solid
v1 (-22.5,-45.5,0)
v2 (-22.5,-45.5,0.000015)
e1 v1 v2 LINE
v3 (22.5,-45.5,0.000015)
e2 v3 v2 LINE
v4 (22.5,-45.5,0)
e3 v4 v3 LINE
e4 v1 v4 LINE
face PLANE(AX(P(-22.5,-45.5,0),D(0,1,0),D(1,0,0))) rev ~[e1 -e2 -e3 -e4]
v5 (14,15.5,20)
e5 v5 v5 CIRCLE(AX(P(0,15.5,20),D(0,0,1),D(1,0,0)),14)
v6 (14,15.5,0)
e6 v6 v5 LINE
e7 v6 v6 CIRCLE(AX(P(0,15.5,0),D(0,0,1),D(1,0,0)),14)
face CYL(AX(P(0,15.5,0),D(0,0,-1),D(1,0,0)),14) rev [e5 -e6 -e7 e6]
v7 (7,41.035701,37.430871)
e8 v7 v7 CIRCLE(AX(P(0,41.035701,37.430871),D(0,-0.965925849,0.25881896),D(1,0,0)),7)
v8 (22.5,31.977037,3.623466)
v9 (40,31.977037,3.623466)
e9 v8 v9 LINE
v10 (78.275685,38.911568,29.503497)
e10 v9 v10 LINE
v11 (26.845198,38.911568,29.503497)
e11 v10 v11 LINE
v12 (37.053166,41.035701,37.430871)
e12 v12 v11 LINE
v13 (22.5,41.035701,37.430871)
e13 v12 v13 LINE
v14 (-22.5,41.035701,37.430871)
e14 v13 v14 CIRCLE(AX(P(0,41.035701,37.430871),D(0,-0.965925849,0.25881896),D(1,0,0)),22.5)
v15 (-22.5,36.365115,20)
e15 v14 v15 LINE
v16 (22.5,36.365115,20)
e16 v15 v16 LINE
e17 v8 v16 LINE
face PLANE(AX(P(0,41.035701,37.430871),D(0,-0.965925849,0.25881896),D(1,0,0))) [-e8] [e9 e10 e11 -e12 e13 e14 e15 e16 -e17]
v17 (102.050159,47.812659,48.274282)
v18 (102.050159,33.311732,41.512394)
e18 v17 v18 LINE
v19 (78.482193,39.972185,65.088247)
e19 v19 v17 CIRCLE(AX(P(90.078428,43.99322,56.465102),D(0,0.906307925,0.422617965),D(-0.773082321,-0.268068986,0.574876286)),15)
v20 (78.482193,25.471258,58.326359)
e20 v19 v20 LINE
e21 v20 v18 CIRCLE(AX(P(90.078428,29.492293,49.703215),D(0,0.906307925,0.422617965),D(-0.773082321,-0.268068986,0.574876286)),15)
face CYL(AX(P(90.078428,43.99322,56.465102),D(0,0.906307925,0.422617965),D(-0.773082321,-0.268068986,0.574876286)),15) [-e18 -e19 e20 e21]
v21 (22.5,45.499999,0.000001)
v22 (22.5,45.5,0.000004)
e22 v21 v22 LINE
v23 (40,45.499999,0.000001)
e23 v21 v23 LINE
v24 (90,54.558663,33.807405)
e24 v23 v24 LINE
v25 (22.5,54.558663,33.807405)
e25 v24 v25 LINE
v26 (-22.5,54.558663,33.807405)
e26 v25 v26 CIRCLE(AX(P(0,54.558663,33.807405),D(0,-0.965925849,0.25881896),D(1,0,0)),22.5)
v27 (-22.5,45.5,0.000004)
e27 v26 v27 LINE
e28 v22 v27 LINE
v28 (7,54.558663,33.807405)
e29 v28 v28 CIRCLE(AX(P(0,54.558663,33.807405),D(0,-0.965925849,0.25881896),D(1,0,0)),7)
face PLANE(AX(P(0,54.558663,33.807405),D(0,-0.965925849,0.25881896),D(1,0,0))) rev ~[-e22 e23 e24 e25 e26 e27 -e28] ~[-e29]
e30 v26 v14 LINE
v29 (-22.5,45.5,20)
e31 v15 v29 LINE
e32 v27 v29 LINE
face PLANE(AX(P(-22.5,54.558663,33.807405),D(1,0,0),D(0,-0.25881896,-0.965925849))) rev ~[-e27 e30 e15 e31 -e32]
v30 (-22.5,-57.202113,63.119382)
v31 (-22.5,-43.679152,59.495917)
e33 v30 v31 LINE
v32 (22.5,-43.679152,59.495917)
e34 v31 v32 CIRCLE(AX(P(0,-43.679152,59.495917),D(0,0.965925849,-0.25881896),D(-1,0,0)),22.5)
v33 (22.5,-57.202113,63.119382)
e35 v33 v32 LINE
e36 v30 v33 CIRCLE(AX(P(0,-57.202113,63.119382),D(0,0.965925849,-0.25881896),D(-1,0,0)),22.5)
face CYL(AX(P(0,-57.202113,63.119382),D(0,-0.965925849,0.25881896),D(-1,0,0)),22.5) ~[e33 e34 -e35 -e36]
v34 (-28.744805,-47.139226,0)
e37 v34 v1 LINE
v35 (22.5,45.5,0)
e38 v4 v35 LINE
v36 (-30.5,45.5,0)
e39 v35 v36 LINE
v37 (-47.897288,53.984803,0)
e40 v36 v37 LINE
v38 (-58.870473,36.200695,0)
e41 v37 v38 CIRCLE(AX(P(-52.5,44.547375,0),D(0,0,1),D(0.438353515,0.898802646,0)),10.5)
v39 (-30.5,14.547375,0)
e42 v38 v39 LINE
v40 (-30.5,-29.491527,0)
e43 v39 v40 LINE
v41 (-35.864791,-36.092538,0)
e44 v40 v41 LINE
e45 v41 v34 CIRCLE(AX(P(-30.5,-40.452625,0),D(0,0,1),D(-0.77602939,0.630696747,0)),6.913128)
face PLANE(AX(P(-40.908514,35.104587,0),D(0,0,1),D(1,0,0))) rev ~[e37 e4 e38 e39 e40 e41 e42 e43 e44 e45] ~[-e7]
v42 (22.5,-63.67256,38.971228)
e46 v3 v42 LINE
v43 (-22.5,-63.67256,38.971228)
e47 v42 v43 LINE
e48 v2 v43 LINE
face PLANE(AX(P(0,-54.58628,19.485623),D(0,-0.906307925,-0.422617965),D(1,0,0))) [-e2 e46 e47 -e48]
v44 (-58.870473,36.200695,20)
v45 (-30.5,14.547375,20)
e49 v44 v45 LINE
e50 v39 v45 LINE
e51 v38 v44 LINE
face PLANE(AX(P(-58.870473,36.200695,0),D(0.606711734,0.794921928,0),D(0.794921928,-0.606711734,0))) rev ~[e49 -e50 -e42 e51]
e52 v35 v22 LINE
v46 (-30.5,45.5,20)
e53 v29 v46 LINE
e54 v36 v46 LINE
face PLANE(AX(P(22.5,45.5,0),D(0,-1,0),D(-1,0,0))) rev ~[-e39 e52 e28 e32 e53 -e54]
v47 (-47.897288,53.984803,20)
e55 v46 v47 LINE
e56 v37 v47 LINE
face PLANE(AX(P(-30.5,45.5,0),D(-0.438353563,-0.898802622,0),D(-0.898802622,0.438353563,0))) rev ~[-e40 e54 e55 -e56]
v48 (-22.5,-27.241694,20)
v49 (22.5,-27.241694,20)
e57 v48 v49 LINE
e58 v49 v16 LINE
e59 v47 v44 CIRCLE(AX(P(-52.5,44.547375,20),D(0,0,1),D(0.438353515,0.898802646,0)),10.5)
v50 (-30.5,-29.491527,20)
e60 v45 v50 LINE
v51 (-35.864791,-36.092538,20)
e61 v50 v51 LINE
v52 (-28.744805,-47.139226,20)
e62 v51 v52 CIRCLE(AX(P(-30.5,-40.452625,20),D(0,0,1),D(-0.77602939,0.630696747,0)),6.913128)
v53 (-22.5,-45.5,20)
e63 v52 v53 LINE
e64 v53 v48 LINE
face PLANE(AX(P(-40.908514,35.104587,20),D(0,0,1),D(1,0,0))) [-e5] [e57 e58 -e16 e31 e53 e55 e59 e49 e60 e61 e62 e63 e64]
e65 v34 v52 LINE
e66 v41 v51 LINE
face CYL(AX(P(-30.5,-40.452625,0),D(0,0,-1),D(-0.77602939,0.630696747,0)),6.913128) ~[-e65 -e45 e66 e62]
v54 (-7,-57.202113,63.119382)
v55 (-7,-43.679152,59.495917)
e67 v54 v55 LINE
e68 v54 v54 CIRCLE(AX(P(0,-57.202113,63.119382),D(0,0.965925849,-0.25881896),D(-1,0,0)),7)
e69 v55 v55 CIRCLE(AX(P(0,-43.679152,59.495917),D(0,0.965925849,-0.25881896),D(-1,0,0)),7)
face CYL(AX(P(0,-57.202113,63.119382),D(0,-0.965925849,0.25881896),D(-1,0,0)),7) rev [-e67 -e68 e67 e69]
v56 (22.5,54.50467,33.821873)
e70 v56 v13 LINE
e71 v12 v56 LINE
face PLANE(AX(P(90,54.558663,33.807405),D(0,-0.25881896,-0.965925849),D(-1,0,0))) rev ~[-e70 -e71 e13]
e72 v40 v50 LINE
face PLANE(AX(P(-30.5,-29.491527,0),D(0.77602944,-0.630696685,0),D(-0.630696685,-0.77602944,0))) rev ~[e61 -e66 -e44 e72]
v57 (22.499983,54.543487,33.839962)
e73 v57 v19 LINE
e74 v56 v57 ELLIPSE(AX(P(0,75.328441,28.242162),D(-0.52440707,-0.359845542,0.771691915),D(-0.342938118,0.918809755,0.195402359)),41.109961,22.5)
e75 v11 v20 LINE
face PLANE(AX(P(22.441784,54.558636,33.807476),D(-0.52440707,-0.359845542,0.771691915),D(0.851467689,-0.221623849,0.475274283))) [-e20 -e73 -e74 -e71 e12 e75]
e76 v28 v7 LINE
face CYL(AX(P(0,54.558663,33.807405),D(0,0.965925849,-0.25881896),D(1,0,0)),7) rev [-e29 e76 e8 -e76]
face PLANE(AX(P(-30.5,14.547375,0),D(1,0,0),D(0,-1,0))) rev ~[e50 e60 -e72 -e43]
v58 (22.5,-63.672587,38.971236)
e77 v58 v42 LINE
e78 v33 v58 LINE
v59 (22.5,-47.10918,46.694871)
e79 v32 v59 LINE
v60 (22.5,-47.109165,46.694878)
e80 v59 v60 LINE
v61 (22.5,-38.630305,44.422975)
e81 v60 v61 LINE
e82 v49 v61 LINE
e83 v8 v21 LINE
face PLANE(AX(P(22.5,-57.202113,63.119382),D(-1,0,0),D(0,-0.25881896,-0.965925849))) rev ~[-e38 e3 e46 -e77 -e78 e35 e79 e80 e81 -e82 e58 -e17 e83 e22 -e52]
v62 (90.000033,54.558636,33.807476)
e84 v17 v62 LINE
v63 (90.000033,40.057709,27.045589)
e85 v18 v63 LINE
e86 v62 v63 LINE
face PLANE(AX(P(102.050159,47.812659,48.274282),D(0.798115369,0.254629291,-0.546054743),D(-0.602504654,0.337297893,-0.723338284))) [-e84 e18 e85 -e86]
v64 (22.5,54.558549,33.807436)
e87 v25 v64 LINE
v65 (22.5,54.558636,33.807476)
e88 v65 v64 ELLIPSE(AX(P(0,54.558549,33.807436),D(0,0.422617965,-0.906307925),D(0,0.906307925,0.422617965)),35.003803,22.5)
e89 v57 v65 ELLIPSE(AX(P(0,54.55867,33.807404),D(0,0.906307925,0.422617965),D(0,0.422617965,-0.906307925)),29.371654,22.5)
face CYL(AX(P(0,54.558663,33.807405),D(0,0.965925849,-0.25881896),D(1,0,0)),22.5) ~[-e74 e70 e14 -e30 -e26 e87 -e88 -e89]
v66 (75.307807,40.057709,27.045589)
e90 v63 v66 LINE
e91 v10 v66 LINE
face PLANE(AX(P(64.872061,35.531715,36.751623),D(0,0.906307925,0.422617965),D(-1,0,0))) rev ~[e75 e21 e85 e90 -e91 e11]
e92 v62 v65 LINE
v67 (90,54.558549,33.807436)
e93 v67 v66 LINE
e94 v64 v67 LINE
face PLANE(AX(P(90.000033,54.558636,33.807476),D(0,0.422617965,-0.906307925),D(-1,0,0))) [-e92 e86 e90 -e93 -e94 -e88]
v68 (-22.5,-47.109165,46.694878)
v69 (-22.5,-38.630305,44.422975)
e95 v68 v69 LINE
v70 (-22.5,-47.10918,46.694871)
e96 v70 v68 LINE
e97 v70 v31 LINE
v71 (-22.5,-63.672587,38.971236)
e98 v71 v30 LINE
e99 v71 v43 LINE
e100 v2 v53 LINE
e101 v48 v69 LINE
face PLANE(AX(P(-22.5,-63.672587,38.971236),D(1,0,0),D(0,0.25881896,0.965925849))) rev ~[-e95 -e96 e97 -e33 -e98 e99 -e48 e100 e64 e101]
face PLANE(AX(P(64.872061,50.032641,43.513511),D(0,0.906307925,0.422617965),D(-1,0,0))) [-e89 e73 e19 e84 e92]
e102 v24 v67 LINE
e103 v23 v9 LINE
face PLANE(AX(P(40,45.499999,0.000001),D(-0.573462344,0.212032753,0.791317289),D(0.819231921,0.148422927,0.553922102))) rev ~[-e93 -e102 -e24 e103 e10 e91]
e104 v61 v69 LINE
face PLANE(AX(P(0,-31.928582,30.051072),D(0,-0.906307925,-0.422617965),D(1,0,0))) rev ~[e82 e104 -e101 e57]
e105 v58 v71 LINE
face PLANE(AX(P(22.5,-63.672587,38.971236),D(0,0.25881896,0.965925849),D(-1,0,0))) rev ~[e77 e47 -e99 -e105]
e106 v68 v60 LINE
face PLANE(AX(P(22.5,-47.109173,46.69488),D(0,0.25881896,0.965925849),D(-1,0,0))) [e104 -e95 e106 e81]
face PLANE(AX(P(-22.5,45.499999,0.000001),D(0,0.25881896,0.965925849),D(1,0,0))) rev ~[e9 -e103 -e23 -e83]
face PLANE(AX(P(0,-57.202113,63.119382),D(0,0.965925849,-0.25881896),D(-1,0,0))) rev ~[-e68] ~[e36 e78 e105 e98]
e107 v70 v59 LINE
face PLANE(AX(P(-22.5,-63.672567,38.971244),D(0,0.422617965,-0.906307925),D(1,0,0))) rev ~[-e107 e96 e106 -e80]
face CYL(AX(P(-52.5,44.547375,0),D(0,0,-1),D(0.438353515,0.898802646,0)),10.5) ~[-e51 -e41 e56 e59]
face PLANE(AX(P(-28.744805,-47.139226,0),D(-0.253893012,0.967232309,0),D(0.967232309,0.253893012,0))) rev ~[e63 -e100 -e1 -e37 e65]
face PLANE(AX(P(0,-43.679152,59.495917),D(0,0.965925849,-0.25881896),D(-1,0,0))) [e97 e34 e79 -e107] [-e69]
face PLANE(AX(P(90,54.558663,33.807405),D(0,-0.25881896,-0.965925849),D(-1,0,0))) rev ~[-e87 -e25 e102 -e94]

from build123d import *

# Parameters (mm, degrees)
F0_W       = 45
F0_H       = 91
F0_R       = 14
F1_DEPTH   = 20
F3_R       = 7
F4_DEPTH   = 14
F7_DEPTH   = 16
F9_W       = 45
F9_H       = 43
F10_DEPTH  = 25
F12_R      = 7
F13_DEPTH  = 14
F13_FACE_R = 7
F14_DEPTH  = 15.248435


with BuildPart() as f1:
    # F0 (on Top) → F1 (new body)
    with BuildSketch(Plane.XY):
        with BuildLine():
            Line((-30.5, 14.547375), (-30.5, 45.5))
            Line((-30.5, 45.5), (-47.897288, 53.984803))
            ThreePointArc((-47.897288, 53.984803), (-43.595549, 50.111615), (-42, 44.547375))
            ThreePointArc((-42, 44.547375), (-47.84382, 35.136212), (-58.870473, 36.200695))
            Line((-58.870473, 36.200695), (-30.5, 14.547375))
        make_face()
        with BuildLine():
            ThreePointArc((-42, 44.547375), (-43.595549, 50.111615), (-47.897288, 53.984803))
            ThreePointArc((-47.897288, 53.984803), (-61.435875, 50.061007), (-58.870473, 36.200695))
            ThreePointArc((-58.870473, 36.200695), (-47.84382, 35.136212), (-42, 44.547375))
        make_face()
        Rectangle(F0_W, F0_H)
        with Locations((0, 15.5)):
            Circle(F0_R, mode=Mode.SUBTRACT)
        with BuildLine():
            Line((-22.5, -45.5), (-22.5, 45.5))
            Line((-22.5, 45.5), (-30.5, 45.5))
            Line((-30.5, 45.5), (-30.5, 14.547375))
            Line((-30.5, 14.547375), (-30.5, -29.491527))
            Line((-30.5, -29.491527), (-30.5, -33.539497))
            ThreePointArc((-30.5, -33.539497), (-25.61168, -35.564305), (-23.586872, -40.452625))
            ThreePointArc((-23.586872, -40.452625), (-25.026188, -44.675033), (-28.744805, -47.139226))
            Line((-28.744805, -47.139226), (-22.5, -45.5))
        make_face()
        with BuildLine():
            ThreePointArc((-35.864791, -36.092538), (-36.310734, -44.197851), (-28.744805, -47.139226))
            ThreePointArc((-28.744805, -47.139226), (-25.026188, -44.675033), (-23.586872, -40.452625))
            ThreePointArc((-23.586872, -40.452625), (-25.61168, -35.564305), (-30.5, -33.539497))
            ThreePointArc((-30.5, -33.539497), (-33.470648, -34.210302), (-35.864791, -36.092538))
        make_face()
        with BuildLine():
            Line((-30.5, -29.491527), (-35.864791, -36.092538))
            ThreePointArc((-35.864791, -36.092538), (-33.470648, -34.210302), (-30.5, -33.539497))
            Line((-30.5, -33.539497), (-30.5, -29.491527))
        make_face()
    extrude(amount=F1_DEPTH)

    # F3 (on face) → F4 (join)
    with BuildSketch(Plane(origin=(0, 42.452078, -11.375), x_dir=(1, 0, 0), z_dir=(0, -0.965926, 0.258819))):
        with BuildLine():
            ThreePointArc((-22.5, 46.776267), (0, 24.276267), (22.5, 46.776267))
            ThreePointArc((22.5, 46.776267), (0, 69.276267), (-22.5, 46.776267))
        make_face()
        with Locations((0, 46.776267)):
            Circle(F3_R, mode=Mode.SUBTRACT)
        with BuildLine():
            Line((22.5, 11.776267), (22.5, 46.776267))
            ThreePointArc((22.5, 46.776267), (0, 24.276267), (-22.5, 46.776267))
            Line((-22.5, 46.776267), (-22.5, 11.776267))
            Line((-22.5, 11.776267), (22.5, 11.776267))
        make_face()
        Polygon((90, 46.776267), (22.5, 46.776267), (22.5, 11.776267), (40, 11.776267), align=None)
    extrude(amount=F4_DEPTH)

    # F6 (on face) → F7 (join)
    with BuildSketch(Plane(origin=(0, 57.763138, 26.935393), x_dir=(-1, 0, 0), z_dir=(0, 0.906308, 0.422618))):
        with BuildLine():
            ThreePointArc((-78.482193, 42.09701), (-75.954981, 37.634972), (-75.078428, 32.582425))
            ThreePointArc((-75.078428, 32.582425), (-85.312715, 18.359627), (-102.050159, 23.544855))
            Line((-102.050159, 23.544855), (-90.000033, 7.582504))
            Line((-90.000033, 7.582504), (-22.441784, 7.582504))
            Line((-22.441784, 7.582504), (-78.482193, 42.09701))
        make_face()
        with BuildLine():
            ThreePointArc((-102.050159, 23.544855), (-85.312715, 18.359627), (-75.078428, 32.582425))
            ThreePointArc((-75.078428, 32.582425), (-75.954981, 37.634972), (-78.482193, 42.09701))
            ThreePointArc((-78.482193, 42.09701), (-99.356405, 44.368821), (-102.050159, 23.544855))
        make_face()
    extrude(amount=-F7_DEPTH)

    # F9 (on face) → F10 (join)
    with BuildSketch(Plane(origin=(0, -37.373418, -17.427511), x_dir=(1, 0, 0), z_dir=(0, -0.906308, -0.422618))):
        with Locations((0, 40.729131)):
            Rectangle(F9_W, F9_H)
    extrude(amount=-F10_DEPTH)

    # F12 (on face) → F13 (join)
    with BuildSketch(Plane(origin=(0, -69.15014, 18.528724), x_dir=(-1, 0, 0), z_dir=(0, 0.965926, -0.258819))):
        with BuildLine():
            ThreePointArc((-22.5, 46.163645), (0, 23.663645), (22.5, 46.163645))
            ThreePointArc((22.5, 46.163645), (0, 68.663645), (-22.5, 46.163645))
        make_face()
        with Locations((0, 46.163645)):
            Circle(F12_R, mode=Mode.SUBTRACT)
        with BuildLine():
            Line((22.5, 21.163645), (22.5, 46.163645))
            ThreePointArc((22.5, 46.163645), (0, 23.663645), (-22.5, 46.163645))
            Line((-22.5, 46.163645), (-22.5, 21.163645))
            Line((-22.5, 21.163645), (22.5, 21.163645))
        make_face()
    extrude(amount=F13_DEPTH)

    # F13_face (on face) → F14 (cut)
    with BuildSketch(Plane(origin=(0, -42.917516, 62.338362), x_dir=(-1, 0, 0), z_dir=(0, 0.965926, -0.258819))):
        with BuildLine():
            ThreePointArc((22.5, -2.942718), (0, 19.557282), (-22.5, -2.942718))
            Line((-22.5, -2.942718), (-22.5, -16.195324))
            Line((-22.5, -16.195324), (22.5, -16.195324))
            Line((22.5, -16.195324), (22.5, -2.942718))
        make_face()
        with Locations((0, -2.942718)):
            Circle(F13_FACE_R, mode=Mode.SUBTRACT)
    extrude(amount=F14_DEPTH, mode=Mode.SUBTRACT)


solid = f1.part
